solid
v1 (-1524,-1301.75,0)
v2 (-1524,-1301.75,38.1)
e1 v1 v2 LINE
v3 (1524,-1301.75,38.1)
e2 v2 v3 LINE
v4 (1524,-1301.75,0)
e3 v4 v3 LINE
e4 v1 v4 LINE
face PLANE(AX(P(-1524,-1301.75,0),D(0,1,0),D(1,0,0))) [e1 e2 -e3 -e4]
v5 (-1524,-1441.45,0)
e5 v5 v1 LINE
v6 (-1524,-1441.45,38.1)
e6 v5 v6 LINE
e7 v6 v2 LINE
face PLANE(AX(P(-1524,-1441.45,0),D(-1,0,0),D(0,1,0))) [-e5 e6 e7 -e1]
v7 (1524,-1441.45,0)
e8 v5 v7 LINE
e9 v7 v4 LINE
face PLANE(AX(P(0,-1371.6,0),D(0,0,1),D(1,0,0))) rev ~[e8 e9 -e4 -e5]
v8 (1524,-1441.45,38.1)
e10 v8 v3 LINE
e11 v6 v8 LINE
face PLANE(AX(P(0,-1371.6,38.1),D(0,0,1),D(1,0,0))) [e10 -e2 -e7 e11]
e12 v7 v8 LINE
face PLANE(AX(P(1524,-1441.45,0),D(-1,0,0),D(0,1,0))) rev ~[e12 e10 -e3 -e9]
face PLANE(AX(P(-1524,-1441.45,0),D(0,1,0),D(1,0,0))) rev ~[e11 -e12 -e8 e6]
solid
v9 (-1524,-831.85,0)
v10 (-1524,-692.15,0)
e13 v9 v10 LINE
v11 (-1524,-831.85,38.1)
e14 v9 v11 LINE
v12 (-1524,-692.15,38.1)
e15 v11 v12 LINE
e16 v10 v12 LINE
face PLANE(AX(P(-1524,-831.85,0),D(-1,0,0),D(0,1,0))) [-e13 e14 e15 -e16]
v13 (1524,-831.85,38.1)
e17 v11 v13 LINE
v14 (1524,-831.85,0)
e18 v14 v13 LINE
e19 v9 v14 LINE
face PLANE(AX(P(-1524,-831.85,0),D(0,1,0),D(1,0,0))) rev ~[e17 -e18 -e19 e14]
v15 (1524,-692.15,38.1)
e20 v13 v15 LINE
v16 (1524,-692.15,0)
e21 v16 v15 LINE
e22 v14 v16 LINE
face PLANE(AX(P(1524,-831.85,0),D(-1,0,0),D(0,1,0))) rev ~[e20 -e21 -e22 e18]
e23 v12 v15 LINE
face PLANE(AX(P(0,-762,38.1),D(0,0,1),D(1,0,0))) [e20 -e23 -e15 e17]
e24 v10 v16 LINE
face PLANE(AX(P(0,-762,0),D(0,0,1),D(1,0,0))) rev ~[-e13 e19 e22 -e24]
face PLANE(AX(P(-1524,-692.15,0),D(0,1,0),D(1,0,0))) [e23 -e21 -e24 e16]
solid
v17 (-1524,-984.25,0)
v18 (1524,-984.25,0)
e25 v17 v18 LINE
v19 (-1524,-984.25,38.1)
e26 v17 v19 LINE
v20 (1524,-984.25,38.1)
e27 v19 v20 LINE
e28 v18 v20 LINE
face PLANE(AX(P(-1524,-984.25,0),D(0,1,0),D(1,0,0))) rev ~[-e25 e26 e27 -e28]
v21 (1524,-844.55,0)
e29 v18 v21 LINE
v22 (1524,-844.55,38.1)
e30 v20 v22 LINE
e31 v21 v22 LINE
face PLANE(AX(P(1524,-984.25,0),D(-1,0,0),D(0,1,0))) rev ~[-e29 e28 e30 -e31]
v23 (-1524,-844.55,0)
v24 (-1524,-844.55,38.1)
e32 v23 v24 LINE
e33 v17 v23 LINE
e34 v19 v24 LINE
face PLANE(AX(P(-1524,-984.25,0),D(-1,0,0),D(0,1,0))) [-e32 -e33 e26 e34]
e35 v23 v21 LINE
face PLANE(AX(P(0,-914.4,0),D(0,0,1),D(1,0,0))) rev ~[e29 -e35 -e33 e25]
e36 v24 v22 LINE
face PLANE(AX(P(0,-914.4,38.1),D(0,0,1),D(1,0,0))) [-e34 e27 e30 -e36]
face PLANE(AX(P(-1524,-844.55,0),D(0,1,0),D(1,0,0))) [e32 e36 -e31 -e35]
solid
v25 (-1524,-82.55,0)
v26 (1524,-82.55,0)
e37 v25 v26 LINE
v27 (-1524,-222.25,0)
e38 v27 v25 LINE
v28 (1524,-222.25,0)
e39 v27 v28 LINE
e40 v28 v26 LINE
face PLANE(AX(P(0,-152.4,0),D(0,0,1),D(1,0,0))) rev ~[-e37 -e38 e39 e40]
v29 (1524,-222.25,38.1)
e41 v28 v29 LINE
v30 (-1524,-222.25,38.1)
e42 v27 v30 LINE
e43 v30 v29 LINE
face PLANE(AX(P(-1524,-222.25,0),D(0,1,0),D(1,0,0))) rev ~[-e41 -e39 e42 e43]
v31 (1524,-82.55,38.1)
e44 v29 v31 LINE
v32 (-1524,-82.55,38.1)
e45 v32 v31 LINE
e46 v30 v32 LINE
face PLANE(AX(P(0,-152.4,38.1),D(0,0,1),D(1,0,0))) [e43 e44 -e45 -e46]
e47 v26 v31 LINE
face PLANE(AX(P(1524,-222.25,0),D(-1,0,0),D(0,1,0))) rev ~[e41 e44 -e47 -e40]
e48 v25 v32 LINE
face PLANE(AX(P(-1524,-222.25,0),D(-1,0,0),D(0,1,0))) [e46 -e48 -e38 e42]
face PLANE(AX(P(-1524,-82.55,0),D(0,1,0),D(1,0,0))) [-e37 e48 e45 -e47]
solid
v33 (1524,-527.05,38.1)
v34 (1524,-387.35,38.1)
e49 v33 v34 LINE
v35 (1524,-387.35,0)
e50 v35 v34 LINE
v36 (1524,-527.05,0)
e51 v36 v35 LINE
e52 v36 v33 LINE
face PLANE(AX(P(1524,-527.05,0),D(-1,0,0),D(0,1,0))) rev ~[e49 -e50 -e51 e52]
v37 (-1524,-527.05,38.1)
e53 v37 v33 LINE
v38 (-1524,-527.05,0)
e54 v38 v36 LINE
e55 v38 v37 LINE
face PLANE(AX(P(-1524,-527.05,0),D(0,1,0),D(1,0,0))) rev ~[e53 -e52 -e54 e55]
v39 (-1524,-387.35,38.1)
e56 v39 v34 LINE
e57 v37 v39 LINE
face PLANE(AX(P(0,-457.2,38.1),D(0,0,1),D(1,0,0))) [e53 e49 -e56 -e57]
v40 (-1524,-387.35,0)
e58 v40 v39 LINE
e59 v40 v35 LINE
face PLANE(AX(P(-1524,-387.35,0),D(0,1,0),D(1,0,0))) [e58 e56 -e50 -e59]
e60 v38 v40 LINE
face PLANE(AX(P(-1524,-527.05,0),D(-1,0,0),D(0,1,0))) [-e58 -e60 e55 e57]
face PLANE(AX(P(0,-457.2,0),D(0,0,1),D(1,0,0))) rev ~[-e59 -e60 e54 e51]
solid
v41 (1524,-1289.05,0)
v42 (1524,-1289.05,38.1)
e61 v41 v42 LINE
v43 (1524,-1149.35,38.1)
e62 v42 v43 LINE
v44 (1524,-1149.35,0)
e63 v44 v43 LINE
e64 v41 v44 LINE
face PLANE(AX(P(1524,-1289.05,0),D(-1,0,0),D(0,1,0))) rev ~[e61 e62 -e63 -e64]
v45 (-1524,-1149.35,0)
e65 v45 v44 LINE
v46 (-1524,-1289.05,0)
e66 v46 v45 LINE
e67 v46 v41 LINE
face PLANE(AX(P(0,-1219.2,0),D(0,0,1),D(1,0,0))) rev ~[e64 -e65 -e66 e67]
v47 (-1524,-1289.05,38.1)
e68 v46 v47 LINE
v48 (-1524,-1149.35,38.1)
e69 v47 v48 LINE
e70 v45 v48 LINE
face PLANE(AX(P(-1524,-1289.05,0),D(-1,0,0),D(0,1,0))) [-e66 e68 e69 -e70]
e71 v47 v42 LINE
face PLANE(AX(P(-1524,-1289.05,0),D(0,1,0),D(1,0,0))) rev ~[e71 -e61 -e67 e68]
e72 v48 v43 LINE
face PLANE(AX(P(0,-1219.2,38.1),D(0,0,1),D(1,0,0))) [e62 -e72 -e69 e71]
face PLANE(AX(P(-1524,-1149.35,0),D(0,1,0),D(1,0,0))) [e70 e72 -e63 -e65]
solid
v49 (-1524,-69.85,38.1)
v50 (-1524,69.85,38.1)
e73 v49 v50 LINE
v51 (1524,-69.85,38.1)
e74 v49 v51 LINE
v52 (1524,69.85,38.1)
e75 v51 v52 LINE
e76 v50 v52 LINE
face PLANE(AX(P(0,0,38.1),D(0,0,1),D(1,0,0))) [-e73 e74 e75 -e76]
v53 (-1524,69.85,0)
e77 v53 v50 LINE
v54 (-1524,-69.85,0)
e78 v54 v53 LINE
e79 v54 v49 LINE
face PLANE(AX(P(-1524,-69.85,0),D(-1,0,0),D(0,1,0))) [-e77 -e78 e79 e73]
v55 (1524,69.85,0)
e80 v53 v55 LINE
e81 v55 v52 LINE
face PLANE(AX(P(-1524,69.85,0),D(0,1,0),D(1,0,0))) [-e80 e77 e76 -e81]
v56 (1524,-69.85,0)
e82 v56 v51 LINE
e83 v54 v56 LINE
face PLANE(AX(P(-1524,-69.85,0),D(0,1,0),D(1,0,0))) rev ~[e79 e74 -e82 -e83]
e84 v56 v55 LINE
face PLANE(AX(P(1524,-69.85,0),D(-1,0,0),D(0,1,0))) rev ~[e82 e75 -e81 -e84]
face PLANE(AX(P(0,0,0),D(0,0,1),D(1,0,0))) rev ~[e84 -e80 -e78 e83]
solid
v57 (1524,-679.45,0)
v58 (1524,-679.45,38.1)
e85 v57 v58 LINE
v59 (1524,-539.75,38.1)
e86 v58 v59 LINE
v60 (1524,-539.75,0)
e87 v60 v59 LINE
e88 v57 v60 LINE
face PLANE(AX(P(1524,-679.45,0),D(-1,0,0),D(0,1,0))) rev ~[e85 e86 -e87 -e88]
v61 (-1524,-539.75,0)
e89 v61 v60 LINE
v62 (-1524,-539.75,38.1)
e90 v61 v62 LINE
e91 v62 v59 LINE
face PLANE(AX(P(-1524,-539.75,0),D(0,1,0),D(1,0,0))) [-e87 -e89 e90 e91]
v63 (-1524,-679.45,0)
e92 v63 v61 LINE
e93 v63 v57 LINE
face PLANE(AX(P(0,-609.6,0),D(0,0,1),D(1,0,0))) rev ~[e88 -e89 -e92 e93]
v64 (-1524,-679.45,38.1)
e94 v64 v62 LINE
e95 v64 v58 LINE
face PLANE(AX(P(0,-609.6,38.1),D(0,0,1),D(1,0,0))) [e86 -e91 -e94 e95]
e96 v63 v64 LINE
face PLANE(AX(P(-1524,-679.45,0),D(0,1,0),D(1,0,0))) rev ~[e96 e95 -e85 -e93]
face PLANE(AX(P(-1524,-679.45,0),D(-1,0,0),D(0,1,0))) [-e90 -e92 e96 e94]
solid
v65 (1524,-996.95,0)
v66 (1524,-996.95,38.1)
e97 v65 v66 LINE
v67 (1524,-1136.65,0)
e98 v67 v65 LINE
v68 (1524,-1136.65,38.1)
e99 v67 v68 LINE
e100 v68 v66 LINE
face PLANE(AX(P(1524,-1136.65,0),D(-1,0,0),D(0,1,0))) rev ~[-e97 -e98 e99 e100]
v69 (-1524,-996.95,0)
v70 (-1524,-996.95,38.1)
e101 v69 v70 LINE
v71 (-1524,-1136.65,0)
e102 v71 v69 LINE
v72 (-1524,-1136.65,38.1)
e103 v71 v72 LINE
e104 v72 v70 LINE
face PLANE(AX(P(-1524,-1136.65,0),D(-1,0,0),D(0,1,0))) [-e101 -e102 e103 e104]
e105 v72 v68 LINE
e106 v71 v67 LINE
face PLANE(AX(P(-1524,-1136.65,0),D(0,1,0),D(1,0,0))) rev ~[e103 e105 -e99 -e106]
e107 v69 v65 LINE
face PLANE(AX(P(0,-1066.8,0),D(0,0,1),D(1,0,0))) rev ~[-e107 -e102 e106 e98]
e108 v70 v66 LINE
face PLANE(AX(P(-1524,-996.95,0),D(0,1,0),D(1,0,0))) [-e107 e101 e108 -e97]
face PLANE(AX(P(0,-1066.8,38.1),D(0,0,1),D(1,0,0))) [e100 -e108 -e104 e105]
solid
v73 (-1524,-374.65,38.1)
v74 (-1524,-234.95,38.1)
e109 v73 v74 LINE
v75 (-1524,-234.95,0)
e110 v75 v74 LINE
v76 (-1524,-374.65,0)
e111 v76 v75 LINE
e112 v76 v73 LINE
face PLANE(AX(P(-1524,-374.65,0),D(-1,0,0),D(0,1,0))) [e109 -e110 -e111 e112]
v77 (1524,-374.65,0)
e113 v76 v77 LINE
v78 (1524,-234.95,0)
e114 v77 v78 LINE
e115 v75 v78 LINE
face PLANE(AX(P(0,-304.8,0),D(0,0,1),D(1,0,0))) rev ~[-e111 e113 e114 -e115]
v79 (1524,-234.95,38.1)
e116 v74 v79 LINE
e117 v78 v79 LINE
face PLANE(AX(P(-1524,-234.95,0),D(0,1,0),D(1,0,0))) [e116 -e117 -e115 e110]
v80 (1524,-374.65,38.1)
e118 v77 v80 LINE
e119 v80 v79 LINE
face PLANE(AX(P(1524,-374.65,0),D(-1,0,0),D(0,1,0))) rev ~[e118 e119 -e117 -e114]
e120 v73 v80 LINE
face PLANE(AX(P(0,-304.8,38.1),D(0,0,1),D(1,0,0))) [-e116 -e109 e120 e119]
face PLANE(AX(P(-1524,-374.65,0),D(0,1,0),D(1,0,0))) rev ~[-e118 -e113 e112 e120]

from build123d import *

# Parameters (mm, degrees)
F0_W     = 3048
F0_H     = 139.7
F1_DEPTH = 38.1


with BuildPart() as f1:
    # F0 (on Top) → F1 (new body)
    with BuildSketch(Plane.XY):
        Rectangle(F0_W, F0_H)
        with Locations((0, -152.4)):
            Rectangle(F0_W, F0_H)
        with Locations((0, -304.8)):
            Rectangle(F0_W, F0_H)
        with Locations((0, -457.2)):
            Rectangle(F0_W, F0_H)
        with Locations((0, -609.6)):
            Rectangle(F0_W, F0_H)
        with Locations((0, -762)):
            Rectangle(F0_W, F0_H)
        with Locations((0, -914.4)):
            Rectangle(F0_W, F0_H)
        with Locations((0, -1066.8)):
            Rectangle(F0_W, F0_H)
        with Locations((0, -1219.2)):
            Rectangle(F0_W, F0_H)
        with Locations((0, -1371.6)):
            Rectangle(F0_W, F0_H)
    extrude(amount=F1_DEPTH)


solid = f1.part
